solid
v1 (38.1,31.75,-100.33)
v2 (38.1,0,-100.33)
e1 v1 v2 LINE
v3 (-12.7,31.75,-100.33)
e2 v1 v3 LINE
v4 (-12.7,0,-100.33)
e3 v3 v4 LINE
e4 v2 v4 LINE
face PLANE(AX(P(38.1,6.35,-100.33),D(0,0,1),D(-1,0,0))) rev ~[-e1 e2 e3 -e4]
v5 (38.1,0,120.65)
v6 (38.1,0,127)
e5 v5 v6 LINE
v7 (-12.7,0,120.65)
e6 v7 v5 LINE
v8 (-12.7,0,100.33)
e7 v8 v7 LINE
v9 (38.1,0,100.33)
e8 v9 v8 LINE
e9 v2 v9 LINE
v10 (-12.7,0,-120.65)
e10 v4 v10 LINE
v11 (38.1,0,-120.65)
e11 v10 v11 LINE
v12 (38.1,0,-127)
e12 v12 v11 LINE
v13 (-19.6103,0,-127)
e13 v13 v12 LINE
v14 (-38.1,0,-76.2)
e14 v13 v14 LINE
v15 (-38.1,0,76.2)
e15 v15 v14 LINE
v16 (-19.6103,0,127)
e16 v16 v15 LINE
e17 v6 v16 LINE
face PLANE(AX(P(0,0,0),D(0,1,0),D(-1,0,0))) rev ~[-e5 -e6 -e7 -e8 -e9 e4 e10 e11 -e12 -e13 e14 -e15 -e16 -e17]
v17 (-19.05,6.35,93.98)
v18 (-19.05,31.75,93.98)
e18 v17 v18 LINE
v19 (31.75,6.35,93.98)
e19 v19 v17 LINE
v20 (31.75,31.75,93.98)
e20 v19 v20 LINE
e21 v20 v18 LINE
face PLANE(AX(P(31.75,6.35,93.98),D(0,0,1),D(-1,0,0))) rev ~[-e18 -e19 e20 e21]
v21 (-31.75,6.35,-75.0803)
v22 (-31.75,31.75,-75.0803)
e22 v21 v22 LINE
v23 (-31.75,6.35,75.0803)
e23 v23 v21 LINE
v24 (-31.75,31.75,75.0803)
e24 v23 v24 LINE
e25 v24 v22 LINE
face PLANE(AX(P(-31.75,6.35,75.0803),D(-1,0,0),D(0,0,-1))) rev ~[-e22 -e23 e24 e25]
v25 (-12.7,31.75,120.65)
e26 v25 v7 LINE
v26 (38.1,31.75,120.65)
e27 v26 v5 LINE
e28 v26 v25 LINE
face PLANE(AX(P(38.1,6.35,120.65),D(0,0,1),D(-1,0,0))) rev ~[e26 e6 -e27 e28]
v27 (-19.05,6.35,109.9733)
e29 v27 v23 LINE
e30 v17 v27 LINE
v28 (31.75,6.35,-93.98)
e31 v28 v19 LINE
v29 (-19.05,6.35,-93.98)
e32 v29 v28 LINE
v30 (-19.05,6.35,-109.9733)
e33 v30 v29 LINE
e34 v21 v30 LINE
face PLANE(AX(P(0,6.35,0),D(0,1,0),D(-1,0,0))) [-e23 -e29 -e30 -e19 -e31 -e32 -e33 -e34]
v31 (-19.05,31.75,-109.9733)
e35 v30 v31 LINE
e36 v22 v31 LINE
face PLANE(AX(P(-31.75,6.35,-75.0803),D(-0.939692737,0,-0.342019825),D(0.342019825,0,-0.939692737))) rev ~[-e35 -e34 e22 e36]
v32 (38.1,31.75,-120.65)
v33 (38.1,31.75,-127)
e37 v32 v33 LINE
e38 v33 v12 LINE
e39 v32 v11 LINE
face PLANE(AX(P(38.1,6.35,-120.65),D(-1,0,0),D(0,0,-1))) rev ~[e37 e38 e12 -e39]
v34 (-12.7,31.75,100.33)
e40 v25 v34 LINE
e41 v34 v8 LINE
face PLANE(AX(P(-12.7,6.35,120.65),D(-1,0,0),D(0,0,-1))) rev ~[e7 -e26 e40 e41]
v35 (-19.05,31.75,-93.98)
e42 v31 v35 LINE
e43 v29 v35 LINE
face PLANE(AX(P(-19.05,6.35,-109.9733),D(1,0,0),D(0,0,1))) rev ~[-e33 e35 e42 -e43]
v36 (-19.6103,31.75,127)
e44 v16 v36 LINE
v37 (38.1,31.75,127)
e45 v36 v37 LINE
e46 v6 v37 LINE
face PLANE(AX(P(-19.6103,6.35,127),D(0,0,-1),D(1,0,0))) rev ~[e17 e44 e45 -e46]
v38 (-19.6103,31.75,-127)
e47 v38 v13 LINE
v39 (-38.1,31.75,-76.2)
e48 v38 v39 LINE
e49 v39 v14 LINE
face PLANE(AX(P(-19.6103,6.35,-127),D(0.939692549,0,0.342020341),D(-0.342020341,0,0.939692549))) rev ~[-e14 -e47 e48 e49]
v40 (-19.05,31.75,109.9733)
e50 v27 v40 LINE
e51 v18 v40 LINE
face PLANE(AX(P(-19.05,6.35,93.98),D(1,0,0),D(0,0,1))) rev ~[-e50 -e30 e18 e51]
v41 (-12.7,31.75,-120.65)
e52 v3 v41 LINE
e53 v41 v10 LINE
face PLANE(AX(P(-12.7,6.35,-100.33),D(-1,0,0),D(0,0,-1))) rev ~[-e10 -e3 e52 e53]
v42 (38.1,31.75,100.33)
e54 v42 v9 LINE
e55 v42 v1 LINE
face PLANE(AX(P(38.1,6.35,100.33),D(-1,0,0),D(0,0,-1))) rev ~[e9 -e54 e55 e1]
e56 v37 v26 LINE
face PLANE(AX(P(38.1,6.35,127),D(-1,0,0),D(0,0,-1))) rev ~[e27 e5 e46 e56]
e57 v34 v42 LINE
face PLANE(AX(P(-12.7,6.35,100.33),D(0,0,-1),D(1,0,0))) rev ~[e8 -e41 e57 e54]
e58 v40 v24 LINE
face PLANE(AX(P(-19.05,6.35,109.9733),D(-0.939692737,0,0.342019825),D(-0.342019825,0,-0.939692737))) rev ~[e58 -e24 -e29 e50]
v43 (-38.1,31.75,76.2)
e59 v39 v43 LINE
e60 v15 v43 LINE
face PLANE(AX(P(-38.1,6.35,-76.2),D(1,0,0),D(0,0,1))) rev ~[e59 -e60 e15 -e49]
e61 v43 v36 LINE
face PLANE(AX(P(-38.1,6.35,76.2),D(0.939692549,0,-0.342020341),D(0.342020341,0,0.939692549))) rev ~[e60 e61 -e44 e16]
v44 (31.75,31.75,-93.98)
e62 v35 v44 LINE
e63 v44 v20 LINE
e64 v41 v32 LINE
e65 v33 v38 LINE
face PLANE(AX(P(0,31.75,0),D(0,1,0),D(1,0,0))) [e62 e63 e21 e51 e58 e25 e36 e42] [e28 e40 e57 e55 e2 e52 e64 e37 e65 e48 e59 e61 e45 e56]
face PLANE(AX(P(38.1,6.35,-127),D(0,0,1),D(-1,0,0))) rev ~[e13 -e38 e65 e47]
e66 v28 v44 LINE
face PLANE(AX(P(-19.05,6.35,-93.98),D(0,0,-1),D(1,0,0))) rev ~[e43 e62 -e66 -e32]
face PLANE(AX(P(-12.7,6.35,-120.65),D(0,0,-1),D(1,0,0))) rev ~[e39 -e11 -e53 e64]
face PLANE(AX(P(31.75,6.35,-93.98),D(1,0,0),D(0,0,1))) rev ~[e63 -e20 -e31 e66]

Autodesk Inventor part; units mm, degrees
ref_plane "YZ Plane" through (0, 0, 0) normal (1, 0, 0) x (0, 1, 0)
ref_plane "XZ Plane" through (0, 0, 0) normal (0, 1, 0) x (-1, 0, 0)
ref_plane "XY Plane" through (0, 0, 0) normal (0, 0, 1) x (1, 0, 0)
sketch "Sketch1" plane through (0, 0, 0) normal (0, 1, 0) x (-1, 0, 0)
  line L0 (-38.1, 127) -> (38.1, 127)
  line L1 (38.1, 127) -> (38.1, -127)
  line L2 (38.1, -127) -> (-38.1, -127)
  line L3 (-38.1, -127) -> (-38.1, 127)
  line L4 (-38.1, 127) -> (38.1, -127) construction
  line L5 (38.1, 127) -> (-38.1, -127) construction
  line L6 (19.6103, 127) -> (38.1, 76.2)
  line L7 (53.34, 0) -> (-53.34, 0) projected
  line L8 (19.6103, -127) -> (38.1, -76.2)
  line L9 (12.7, 120.65) -> (-38.1, 120.65)
  line L10 (-38.1, 120.65) -> (-38.1, 100.33)
  line L11 (-38.1, 100.33) -> (12.7, 100.33)
  line L12 (12.7, 100.33) -> (12.7, 120.65)
  line L13 (12.7, -120.65) -> (-38.1, -120.65)
  line L14 (-38.1, -100.33) -> (12.7, -100.33)
  line L15 (12.7, -100.33) -> (12.7, -120.65)
  point P0 (0, 0)
  point P1 (19.6103, -127)
  point P2 (38.1, -76.2)
  point P3 (-38.1, 100.33)
  point P4 (-38.1, -100.33)
  point P5 (-38.1, -120.65)
  dimension "d0" = 76.2
  dimension "d1" = 254
  dimension "d2" = 70
  dimension "d3" = 50.8
  dimension "d6" = 50.8
  dimension "d18" = 20.32
  dimension "d19" = 6.35
extrude "Extrusion1" add sketch "Sketch1" along normal blind 6.35 contours L0 L6 L1 L7 L3 L11 L12 L9 | L1 L8 L2 L3 L13 L15 L14 L7
sketch "Sketch4" plane through (0, 6.35, 0) normal (0, 1, 0) x (1, 0, 0)
  line L0 (-38.1, -76.2) -> (-19.6103, -127) projected
  line L1 (-19.6103, -127) -> (38.1, -127) projected
  line L2 (38.1, -127) -> (38.1, -120.65) projected
  line L3 (38.1, -120.65) -> (-12.7, -120.65) projected
  line L4 (-12.7, -120.65) -> (-12.7, -100.33) projected
  line L5 (-12.7, -100.33) -> (38.1, -100.33) projected
  line L6 (38.1, -100.33) -> (38.1, 100.33) projected
  line L7 (38.1, 100.33) -> (-12.7, 100.33) projected
  line L8 (-12.7, 100.33) -> (-12.7, 120.65) projected
  line L9 (-12.7, 120.65) -> (38.1, 120.65) projected
  line L10 (38.1, 120.65) -> (38.1, 127) projected
  line L11 (38.1, 127) -> (-19.6103, 127) projected
  line L12 (-19.6103, 127) -> (-38.1, 76.2) projected
  line L13 (-38.1, 76.2) -> (-38.1, -76.2) projected
  line L14 (-19.05, -109.9733) -> (-31.75, -75.0803)
  line L15 (-31.75, -75.0803) -> (-31.75, 75.0803)
  line L16 (-31.75, 75.0803) -> (-19.05, 109.9733)
  line L17 (-19.05, 109.9733) -> (-19.05, 93.98)
  line L18 (-19.05, 93.98) -> (31.75, 93.98)
  line L19 (31.75, 93.98) -> (31.75, -93.98)
  line L20 (31.75, -93.98) -> (-19.05, -93.98)
  line L21 (-19.05, -93.98) -> (-19.05, -109.9733)
  point P0 (0, 0)
  dimension "d17" = 6.35
extrude "Extrusion4" add sketch "Sketch4" along normal blind 25.4
properties part number "BodyV1"
